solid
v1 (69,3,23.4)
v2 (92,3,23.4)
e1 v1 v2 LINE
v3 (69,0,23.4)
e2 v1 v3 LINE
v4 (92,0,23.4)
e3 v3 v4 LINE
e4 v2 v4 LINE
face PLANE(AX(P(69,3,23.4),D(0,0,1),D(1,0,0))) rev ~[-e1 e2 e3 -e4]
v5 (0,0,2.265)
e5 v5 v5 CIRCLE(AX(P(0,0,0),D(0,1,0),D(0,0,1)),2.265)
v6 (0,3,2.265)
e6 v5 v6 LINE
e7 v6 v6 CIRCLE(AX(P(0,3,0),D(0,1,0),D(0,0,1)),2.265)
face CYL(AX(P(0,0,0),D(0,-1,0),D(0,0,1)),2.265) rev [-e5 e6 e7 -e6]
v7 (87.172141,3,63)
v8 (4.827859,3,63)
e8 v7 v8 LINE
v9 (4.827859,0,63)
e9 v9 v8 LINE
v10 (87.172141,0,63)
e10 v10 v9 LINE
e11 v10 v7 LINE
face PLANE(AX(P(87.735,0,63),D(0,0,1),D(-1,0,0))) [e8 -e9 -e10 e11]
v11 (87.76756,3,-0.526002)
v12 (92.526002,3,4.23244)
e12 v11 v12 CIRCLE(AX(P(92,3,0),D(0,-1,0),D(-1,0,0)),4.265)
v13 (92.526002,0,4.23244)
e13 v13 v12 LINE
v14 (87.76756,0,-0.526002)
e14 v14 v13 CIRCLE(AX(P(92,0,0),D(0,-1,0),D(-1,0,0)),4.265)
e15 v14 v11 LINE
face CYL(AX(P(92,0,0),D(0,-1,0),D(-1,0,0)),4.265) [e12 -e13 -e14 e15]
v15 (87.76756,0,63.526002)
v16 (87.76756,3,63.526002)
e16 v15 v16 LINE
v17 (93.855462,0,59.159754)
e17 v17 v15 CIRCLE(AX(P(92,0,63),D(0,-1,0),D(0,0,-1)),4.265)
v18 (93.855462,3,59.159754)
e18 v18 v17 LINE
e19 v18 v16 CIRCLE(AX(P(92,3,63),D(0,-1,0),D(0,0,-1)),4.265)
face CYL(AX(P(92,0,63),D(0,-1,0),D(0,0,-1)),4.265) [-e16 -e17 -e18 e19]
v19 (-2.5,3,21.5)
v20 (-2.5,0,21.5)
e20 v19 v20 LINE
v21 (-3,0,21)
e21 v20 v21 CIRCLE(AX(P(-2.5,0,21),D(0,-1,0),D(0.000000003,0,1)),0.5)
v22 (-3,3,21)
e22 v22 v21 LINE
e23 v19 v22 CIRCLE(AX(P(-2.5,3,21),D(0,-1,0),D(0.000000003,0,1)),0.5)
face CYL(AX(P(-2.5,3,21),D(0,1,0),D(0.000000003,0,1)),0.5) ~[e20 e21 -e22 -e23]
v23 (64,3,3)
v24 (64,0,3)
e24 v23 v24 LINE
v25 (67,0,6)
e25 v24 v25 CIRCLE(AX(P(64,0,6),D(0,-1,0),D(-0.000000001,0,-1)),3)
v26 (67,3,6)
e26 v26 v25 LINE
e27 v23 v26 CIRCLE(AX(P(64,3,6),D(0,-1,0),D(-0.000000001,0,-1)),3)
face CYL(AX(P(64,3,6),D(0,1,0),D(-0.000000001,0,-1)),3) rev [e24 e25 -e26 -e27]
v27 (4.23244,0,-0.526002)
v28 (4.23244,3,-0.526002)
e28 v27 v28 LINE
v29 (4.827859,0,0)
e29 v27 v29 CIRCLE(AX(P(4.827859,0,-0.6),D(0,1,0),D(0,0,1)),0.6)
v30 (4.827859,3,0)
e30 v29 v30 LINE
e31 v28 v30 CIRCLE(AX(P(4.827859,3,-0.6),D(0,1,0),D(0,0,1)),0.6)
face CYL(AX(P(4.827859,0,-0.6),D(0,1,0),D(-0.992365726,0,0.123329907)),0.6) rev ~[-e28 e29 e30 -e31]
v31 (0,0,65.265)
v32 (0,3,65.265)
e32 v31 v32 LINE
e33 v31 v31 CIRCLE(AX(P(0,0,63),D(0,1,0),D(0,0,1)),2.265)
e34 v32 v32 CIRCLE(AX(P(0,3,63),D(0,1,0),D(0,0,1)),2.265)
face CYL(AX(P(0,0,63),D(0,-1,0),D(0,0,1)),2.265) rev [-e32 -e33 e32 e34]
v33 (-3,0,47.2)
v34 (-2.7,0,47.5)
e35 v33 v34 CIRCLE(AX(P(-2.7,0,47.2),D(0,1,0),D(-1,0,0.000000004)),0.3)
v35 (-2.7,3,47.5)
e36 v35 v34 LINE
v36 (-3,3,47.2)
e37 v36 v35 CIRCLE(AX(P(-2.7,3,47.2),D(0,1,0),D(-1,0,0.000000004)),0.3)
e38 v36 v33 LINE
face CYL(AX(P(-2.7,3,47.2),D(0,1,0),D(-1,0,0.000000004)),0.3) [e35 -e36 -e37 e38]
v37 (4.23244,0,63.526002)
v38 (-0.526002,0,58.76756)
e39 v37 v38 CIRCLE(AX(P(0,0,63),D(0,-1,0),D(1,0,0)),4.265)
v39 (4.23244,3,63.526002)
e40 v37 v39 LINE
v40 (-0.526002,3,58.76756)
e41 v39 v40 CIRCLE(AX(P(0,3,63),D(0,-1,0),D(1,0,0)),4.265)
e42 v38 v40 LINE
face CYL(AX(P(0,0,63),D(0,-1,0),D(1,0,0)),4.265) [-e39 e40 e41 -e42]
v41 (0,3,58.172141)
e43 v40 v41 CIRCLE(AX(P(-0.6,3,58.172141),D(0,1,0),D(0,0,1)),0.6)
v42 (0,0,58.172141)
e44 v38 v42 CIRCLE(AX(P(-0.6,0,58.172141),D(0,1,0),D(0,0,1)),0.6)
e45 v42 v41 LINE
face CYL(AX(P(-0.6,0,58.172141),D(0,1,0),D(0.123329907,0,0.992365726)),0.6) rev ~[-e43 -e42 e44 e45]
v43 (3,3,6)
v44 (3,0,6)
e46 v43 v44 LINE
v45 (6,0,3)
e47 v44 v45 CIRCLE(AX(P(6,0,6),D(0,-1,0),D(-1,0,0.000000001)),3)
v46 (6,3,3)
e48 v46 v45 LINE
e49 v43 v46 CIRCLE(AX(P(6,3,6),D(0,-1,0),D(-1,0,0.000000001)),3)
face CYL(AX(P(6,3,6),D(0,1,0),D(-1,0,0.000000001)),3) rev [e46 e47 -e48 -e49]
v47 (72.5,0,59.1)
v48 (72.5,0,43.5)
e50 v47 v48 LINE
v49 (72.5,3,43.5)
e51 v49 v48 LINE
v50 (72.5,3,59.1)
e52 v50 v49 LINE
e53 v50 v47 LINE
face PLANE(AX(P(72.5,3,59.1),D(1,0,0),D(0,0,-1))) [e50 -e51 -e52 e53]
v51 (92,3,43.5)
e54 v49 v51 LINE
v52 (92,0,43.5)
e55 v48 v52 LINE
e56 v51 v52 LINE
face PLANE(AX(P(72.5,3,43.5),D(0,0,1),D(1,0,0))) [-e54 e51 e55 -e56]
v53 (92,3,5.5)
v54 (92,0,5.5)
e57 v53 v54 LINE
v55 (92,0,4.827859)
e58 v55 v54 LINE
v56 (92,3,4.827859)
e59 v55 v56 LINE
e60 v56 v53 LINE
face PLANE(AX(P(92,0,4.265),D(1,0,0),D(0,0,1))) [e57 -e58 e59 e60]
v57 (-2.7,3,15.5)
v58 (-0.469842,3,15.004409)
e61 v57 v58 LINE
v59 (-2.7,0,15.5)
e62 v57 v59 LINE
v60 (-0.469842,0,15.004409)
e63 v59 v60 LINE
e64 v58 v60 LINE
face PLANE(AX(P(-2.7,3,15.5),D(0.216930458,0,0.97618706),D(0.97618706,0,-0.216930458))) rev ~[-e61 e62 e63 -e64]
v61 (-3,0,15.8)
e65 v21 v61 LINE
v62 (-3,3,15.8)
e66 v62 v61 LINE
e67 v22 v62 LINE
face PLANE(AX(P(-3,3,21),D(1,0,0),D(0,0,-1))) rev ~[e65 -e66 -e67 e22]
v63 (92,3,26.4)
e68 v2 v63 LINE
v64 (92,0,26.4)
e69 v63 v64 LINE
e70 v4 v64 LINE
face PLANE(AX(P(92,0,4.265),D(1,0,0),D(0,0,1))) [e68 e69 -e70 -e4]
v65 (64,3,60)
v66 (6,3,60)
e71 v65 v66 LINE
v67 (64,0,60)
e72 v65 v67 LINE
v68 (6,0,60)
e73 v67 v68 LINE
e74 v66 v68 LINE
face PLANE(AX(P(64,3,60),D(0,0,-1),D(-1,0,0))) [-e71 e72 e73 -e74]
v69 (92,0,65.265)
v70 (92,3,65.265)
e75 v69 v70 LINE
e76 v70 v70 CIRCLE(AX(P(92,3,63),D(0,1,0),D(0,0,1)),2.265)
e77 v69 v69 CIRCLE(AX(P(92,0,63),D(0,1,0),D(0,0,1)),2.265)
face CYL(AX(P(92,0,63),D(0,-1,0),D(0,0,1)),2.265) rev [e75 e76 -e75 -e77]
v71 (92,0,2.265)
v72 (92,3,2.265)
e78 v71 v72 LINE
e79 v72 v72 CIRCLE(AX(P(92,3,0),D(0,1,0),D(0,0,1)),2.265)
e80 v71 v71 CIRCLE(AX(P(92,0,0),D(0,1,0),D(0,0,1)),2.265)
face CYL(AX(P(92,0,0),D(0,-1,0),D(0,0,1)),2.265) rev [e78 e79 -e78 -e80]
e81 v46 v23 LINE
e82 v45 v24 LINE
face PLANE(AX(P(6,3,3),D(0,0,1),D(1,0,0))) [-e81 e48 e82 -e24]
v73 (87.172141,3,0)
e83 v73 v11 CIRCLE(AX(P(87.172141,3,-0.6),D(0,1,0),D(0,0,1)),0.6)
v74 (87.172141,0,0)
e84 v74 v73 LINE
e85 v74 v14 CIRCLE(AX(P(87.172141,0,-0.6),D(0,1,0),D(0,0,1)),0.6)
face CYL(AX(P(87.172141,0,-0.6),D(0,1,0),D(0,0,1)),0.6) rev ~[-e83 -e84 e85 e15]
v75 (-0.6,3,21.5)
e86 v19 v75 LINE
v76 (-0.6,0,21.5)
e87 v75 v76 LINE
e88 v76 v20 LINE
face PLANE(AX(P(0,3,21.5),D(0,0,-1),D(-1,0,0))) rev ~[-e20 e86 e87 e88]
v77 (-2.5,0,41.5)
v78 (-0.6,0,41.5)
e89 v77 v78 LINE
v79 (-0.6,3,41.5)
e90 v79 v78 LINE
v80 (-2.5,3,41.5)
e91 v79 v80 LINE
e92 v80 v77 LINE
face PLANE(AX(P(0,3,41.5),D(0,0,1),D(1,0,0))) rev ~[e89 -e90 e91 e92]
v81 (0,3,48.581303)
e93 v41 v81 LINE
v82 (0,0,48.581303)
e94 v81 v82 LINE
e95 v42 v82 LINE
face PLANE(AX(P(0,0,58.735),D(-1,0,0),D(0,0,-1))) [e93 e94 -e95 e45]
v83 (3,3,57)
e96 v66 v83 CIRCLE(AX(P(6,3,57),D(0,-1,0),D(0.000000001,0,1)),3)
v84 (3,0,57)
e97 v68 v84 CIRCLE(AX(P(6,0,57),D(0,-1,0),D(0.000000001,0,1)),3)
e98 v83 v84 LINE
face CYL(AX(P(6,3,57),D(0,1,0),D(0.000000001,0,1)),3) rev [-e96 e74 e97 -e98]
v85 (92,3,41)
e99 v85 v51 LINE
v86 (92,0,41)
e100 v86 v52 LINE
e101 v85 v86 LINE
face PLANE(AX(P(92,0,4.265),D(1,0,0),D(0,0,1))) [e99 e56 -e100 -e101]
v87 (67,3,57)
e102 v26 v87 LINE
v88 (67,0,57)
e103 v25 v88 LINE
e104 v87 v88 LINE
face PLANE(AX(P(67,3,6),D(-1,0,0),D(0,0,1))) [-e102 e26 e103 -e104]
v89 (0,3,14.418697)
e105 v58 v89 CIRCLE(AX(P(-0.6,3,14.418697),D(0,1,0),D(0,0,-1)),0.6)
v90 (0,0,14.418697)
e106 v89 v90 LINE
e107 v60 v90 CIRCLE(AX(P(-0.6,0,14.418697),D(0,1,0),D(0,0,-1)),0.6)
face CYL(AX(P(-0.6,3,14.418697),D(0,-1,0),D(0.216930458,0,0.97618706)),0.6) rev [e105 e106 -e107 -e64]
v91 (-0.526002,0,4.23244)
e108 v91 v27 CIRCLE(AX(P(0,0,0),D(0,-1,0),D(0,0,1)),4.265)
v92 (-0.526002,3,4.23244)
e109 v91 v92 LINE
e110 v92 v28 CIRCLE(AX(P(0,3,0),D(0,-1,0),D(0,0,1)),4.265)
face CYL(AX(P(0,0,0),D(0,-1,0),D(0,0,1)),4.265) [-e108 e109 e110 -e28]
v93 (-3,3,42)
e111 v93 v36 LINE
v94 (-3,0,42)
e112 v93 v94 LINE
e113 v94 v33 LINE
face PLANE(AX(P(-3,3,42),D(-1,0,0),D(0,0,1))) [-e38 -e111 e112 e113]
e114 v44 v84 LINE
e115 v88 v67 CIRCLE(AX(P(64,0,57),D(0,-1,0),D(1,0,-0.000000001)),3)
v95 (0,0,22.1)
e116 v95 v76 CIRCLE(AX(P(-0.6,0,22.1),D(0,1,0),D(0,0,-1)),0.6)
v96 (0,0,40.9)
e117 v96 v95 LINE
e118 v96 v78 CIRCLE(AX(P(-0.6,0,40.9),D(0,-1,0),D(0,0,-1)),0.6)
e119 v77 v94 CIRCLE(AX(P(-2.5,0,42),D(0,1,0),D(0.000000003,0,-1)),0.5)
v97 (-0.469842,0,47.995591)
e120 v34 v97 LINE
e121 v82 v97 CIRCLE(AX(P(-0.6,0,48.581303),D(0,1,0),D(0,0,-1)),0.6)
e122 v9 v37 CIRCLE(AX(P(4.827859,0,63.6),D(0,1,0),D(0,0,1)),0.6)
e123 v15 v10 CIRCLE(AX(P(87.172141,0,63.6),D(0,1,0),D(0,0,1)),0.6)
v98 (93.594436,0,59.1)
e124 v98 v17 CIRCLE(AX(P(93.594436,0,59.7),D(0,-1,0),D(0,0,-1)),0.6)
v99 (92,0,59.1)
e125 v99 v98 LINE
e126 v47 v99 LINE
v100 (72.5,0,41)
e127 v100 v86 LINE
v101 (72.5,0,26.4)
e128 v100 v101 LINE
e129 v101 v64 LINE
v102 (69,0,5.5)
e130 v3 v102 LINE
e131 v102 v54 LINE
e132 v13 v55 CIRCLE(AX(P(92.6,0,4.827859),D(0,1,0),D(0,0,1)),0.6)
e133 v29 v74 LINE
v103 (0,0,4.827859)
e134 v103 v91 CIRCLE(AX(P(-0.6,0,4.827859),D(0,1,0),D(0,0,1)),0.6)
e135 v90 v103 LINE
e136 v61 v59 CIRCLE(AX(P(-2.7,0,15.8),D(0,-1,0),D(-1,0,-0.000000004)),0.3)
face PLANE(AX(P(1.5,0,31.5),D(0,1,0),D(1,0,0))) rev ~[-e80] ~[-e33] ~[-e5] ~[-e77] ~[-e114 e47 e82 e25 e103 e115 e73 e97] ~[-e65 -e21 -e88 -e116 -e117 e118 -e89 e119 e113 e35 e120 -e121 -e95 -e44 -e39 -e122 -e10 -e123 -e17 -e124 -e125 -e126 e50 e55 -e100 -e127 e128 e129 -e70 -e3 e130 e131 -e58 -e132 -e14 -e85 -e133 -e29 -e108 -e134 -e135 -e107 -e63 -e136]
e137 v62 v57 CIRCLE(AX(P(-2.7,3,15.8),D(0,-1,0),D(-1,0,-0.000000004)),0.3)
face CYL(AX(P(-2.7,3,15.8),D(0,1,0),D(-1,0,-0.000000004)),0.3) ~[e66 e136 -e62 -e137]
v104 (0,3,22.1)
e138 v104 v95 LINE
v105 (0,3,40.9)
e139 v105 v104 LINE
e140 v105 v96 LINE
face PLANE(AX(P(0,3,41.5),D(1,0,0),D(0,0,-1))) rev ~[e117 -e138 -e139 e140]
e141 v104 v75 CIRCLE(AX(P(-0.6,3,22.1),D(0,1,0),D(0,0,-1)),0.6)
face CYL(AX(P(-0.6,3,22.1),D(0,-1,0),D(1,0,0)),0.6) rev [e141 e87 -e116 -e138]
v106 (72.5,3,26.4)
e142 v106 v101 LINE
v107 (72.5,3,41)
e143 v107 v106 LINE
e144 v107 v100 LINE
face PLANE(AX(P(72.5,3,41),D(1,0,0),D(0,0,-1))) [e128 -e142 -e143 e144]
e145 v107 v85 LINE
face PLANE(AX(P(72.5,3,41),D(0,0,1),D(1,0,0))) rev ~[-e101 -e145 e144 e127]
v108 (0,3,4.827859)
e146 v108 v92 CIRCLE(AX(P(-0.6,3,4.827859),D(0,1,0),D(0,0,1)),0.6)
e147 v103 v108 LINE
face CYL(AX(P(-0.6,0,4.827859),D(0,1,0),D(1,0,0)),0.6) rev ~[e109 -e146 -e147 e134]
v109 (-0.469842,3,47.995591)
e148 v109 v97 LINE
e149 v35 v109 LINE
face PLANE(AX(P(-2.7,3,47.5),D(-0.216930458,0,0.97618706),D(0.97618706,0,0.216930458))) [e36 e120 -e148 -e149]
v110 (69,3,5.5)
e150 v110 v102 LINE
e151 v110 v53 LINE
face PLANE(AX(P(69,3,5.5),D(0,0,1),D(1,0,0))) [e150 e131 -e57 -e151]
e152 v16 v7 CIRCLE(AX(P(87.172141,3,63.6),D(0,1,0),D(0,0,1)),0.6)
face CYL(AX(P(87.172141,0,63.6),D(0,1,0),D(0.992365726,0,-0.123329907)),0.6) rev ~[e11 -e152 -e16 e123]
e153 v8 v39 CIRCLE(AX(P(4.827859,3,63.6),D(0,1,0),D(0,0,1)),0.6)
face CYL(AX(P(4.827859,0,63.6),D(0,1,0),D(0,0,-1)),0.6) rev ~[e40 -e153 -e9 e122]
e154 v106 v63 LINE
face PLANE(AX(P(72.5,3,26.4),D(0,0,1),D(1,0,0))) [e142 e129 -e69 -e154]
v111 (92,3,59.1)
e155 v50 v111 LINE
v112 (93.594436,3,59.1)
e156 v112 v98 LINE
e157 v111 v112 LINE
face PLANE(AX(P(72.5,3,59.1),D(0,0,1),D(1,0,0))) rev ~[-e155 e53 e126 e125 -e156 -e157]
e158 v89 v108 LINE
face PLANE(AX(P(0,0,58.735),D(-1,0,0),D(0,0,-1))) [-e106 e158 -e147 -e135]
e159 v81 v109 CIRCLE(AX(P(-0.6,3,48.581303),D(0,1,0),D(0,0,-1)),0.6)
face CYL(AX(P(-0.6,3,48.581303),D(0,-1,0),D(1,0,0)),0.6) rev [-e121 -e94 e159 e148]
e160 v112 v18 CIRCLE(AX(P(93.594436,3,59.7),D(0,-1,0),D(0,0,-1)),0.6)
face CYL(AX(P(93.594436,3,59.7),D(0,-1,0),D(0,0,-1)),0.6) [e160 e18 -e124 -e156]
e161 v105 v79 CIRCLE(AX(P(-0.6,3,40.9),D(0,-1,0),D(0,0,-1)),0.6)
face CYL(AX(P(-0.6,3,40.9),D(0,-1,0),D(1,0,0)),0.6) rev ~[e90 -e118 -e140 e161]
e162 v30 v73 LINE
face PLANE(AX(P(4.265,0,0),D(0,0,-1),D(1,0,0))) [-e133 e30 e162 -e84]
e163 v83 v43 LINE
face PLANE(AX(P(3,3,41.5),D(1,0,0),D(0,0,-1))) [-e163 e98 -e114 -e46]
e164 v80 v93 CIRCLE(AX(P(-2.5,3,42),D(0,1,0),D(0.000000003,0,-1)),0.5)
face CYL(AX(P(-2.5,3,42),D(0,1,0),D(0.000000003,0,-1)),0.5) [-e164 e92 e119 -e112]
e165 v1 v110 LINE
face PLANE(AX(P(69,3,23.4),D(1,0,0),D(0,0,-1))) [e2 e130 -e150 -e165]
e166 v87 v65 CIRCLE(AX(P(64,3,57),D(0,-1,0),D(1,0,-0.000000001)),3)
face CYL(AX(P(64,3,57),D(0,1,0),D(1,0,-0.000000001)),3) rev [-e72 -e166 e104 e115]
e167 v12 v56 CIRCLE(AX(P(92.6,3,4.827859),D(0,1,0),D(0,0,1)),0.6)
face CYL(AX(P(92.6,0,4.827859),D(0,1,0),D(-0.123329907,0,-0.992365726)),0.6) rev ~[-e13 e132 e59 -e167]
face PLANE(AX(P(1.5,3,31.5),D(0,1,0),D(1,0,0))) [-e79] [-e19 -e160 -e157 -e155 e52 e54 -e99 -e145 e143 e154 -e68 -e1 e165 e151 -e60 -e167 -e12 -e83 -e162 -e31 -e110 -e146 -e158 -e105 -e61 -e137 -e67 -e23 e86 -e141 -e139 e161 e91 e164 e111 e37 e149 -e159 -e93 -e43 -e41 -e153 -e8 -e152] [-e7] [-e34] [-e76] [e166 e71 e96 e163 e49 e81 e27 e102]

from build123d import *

# Parameters (mm, degrees)
SKETCH1_R           = 2.265
BOSS_EXTRUDE1_DEPTH = 3
SKETCH2_W           = 6.5
SKETCH2_H           = 20
CUT_EXTRUDE1_DEPTH  = 3
BOSS_EXTRUDE2_DEPTH = 3
CUT_EXTRUDE2_DEPTH  = 3
SKETCH5_W           = 3
SKETCH5_H           = 20
BOSS_EXTRUDE3_DEPTH = 3
SKETCH6_W           = 27.010134686
SKETCH6_H           = 17.9
CUT_EXTRUDE3_DEPTH  = 3
SKETCH7_W           = 19.5
SKETCH7_H           = 14.6
CUT_EXTRUDE4_DEPTH  = 3
SKETCH8_W           = 19.5
SKETCH8_H           = 15.6
CUT_EXTRUDE5_DEPTH  = 3
SKETCH9_W           = 2.019620965
SKETCH9_H           = 0.574286347
CUT_EXTRUDE6_DEPTH  = 3
FILLET1_R           = 0.6


with BuildPart() as part:
    # Sketch1 → Boss-Extrude1 (new body)
    with BuildSketch(Plane(origin=(0, 0, 0), x_dir=(1, 0, 0), z_dir=(0, 1, 0))):
        with BuildLine():
            Line((4.265, 0), (87.735, 0))
            ThreePointArc((87.735, 0), (95.015810422, 3.015810422), (92, -4.265))
            Line((92, -4.265), (92, -58.735))
            ThreePointArc((92, -58.735), (95.015810422, -66.015810422), (87.735, -63))
            Line((87.735, -63), (4.265, -63))
            ThreePointArc((4.265, -63), (-3.015810422, -66.015810422), (0, -58.735))
            Line((0, -58.735), (0, -4.265))
            ThreePointArc((0, -4.265), (-3.015810422, 3.015810422), (4.265, 0))
        make_face()
        with Locations(Location((0, 0, 0), (0, 0, 270))):
            Circle(SKETCH1_R, mode=Mode.SUBTRACT)
        with Locations(Location((92, 0, 0), (0, 0, 270))):
            Circle(SKETCH1_R, mode=Mode.SUBTRACT)
        with Locations(Location((92, -63, 0), (0, 0, 270))):
            Circle(SKETCH1_R, mode=Mode.SUBTRACT)
        with Locations(Location((0, -63, 0), (0, 0, 270))):
            Circle(SKETCH1_R, mode=Mode.SUBTRACT)
    extrude(amount=BOSS_EXTRUDE1_DEPTH)

    # Sketch2 → Cut-Extrude1 (cut)
    with BuildSketch(Plane(origin=(0, 3, 0), x_dir=(1, 0, 0), z_dir=(0, 1, 0))):
        with Locations((3.25, -31.5)):
            Rectangle(SKETCH2_W, SKETCH2_H)
    extrude(amount=-CUT_EXTRUDE1_DEPTH, mode=Mode.SUBTRACT)

    # Sketch3 → Boss-Extrude2 (add)
    with BuildSketch(Plane(origin=(0, 3, 0), x_dir=(1, 0, 0), z_dir=(0, 1, 0))):
        with BuildLine():
            Line((-2.7, -15.5), (0, -14.9))
            Line((0, -14.9), (0, -21.5))
            Line((0, -21.5), (-2.5, -21.5))
            ThreePointArc((-2.5, -21.5), (-2.853553391, -21.353553391), (-3, -21))
            Line((-3, -21), (-3, -15.8))
            ThreePointArc((-3, -15.8), (-2.912132034, -15.587867966), (-2.7, -15.5))
        make_face()
        with BuildLine():
            Line((-3, -42), (-3, -47.2))
            ThreePointArc((-3, -47.2), (-2.912132034, -47.412132034), (-2.7, -47.5))
            Line((-2.7, -47.5), (0, -48.1))
            Line((0, -48.1), (0, -41.5))
            Line((0, -41.5), (-2.5, -41.5))
            ThreePointArc((-2.5, -41.5), (-2.853553391, -41.646446609), (-3, -42))
        make_face()
    extrude(amount=-BOSS_EXTRUDE2_DEPTH)

    # Sketch4 → Cut-Extrude2 (cut)
    with BuildSketch(Plane(origin=(0, 3, 0), x_dir=(1, 0, 0), z_dir=(0, 1, 0))):
        with BuildLine():
            Line((6, -3), (64, -3))
            ThreePointArc((64, -3), (66.121320344, -3.878679656), (67, -6))
            Line((67, -6), (67, -57))
            ThreePointArc((67, -57), (66.121320344, -59.121320344), (64, -60))
            Line((64, -60), (6, -60))
            ThreePointArc((6, -60), (3.878679656, -59.121320344), (3, -57))
            Line((3, -57), (3, -6))
            ThreePointArc((3, -6), (3.878679656, -3.878679656), (6, -3))
        make_face()
    extrude(amount=-CUT_EXTRUDE2_DEPTH, mode=Mode.SUBTRACT)

    # Sketch5 → Boss-Extrude3 (add)
    with BuildSketch(Plane(origin=(0, 3, 0), x_dir=(1, 0, 0), z_dir=(0, 1, 0))):
        with Locations((1.5, -31.5)):
            Rectangle(SKETCH5_W, SKETCH5_H)
    extrude(amount=-BOSS_EXTRUDE3_DEPTH)

    # Sketch6 → Cut-Extrude3 (cut)
    with BuildSketch(Plane(origin=(0, 3, 0), x_dir=(1, 0, 0), z_dir=(0, 1, 0))):
        with Locations((82.505067343, -14.45)):
            Rectangle(SKETCH6_W, SKETCH6_H)
    extrude(amount=-CUT_EXTRUDE3_DEPTH, mode=Mode.SUBTRACT)

    # Sketch7 → Cut-Extrude4 (cut)
    with BuildSketch(Plane(origin=(0, 3, 0), x_dir=(1, 0, 0), z_dir=(0, 1, 0))):
        with Locations((82.25, -33.7)):
            Rectangle(SKETCH7_W, SKETCH7_H)
    extrude(amount=-CUT_EXTRUDE4_DEPTH, mode=Mode.SUBTRACT)

    # Sketch8 → Cut-Extrude5 (cut)
    with BuildSketch(Plane(origin=(0, 3, 0), x_dir=(1, 0, 0), z_dir=(0, 1, 0))):
        with Locations((82.25, -51.3)):
            Rectangle(SKETCH8_W, SKETCH8_H)
    extrude(amount=-CUT_EXTRUDE5_DEPTH, mode=Mode.SUBTRACT)

    # Sketch9 → Cut-Extrude6 (cut)
    with BuildSketch(Plane(origin=(0, 3, 0), x_dir=(1, 0, 0), z_dir=(0, 1, 0))):
        with Locations((93.009810483, -58.812856827)):
            Rectangle(SKETCH9_W, SKETCH9_H)
    extrude(amount=-CUT_EXTRUDE6_DEPTH, mode=Mode.SUBTRACT)

    # Fillet1
    fillet1_edges = [part.edges().sort_by_distance(p)[0] for p in [
        (0, 1.5, 41.5),
        (92, 1.5, 4.265),
        (0, 1.5, 21.5),
        (87.735, 1.5, 63),
        (4.265, 1.5, 63),
        (0, 1.5, 58.735),
        (0, 1.5, 4.265),
        (4.265, 1.5, 0),
        (87.735, 1.5, 0),
        (93.726332818, 1.5, 59.1),
        (0, 1.5, 14.9),
        (0, 1.5, 48.1),
    ]]
    fillet(fillet1_edges, radius=FILLET1_R)


solid = part.part
